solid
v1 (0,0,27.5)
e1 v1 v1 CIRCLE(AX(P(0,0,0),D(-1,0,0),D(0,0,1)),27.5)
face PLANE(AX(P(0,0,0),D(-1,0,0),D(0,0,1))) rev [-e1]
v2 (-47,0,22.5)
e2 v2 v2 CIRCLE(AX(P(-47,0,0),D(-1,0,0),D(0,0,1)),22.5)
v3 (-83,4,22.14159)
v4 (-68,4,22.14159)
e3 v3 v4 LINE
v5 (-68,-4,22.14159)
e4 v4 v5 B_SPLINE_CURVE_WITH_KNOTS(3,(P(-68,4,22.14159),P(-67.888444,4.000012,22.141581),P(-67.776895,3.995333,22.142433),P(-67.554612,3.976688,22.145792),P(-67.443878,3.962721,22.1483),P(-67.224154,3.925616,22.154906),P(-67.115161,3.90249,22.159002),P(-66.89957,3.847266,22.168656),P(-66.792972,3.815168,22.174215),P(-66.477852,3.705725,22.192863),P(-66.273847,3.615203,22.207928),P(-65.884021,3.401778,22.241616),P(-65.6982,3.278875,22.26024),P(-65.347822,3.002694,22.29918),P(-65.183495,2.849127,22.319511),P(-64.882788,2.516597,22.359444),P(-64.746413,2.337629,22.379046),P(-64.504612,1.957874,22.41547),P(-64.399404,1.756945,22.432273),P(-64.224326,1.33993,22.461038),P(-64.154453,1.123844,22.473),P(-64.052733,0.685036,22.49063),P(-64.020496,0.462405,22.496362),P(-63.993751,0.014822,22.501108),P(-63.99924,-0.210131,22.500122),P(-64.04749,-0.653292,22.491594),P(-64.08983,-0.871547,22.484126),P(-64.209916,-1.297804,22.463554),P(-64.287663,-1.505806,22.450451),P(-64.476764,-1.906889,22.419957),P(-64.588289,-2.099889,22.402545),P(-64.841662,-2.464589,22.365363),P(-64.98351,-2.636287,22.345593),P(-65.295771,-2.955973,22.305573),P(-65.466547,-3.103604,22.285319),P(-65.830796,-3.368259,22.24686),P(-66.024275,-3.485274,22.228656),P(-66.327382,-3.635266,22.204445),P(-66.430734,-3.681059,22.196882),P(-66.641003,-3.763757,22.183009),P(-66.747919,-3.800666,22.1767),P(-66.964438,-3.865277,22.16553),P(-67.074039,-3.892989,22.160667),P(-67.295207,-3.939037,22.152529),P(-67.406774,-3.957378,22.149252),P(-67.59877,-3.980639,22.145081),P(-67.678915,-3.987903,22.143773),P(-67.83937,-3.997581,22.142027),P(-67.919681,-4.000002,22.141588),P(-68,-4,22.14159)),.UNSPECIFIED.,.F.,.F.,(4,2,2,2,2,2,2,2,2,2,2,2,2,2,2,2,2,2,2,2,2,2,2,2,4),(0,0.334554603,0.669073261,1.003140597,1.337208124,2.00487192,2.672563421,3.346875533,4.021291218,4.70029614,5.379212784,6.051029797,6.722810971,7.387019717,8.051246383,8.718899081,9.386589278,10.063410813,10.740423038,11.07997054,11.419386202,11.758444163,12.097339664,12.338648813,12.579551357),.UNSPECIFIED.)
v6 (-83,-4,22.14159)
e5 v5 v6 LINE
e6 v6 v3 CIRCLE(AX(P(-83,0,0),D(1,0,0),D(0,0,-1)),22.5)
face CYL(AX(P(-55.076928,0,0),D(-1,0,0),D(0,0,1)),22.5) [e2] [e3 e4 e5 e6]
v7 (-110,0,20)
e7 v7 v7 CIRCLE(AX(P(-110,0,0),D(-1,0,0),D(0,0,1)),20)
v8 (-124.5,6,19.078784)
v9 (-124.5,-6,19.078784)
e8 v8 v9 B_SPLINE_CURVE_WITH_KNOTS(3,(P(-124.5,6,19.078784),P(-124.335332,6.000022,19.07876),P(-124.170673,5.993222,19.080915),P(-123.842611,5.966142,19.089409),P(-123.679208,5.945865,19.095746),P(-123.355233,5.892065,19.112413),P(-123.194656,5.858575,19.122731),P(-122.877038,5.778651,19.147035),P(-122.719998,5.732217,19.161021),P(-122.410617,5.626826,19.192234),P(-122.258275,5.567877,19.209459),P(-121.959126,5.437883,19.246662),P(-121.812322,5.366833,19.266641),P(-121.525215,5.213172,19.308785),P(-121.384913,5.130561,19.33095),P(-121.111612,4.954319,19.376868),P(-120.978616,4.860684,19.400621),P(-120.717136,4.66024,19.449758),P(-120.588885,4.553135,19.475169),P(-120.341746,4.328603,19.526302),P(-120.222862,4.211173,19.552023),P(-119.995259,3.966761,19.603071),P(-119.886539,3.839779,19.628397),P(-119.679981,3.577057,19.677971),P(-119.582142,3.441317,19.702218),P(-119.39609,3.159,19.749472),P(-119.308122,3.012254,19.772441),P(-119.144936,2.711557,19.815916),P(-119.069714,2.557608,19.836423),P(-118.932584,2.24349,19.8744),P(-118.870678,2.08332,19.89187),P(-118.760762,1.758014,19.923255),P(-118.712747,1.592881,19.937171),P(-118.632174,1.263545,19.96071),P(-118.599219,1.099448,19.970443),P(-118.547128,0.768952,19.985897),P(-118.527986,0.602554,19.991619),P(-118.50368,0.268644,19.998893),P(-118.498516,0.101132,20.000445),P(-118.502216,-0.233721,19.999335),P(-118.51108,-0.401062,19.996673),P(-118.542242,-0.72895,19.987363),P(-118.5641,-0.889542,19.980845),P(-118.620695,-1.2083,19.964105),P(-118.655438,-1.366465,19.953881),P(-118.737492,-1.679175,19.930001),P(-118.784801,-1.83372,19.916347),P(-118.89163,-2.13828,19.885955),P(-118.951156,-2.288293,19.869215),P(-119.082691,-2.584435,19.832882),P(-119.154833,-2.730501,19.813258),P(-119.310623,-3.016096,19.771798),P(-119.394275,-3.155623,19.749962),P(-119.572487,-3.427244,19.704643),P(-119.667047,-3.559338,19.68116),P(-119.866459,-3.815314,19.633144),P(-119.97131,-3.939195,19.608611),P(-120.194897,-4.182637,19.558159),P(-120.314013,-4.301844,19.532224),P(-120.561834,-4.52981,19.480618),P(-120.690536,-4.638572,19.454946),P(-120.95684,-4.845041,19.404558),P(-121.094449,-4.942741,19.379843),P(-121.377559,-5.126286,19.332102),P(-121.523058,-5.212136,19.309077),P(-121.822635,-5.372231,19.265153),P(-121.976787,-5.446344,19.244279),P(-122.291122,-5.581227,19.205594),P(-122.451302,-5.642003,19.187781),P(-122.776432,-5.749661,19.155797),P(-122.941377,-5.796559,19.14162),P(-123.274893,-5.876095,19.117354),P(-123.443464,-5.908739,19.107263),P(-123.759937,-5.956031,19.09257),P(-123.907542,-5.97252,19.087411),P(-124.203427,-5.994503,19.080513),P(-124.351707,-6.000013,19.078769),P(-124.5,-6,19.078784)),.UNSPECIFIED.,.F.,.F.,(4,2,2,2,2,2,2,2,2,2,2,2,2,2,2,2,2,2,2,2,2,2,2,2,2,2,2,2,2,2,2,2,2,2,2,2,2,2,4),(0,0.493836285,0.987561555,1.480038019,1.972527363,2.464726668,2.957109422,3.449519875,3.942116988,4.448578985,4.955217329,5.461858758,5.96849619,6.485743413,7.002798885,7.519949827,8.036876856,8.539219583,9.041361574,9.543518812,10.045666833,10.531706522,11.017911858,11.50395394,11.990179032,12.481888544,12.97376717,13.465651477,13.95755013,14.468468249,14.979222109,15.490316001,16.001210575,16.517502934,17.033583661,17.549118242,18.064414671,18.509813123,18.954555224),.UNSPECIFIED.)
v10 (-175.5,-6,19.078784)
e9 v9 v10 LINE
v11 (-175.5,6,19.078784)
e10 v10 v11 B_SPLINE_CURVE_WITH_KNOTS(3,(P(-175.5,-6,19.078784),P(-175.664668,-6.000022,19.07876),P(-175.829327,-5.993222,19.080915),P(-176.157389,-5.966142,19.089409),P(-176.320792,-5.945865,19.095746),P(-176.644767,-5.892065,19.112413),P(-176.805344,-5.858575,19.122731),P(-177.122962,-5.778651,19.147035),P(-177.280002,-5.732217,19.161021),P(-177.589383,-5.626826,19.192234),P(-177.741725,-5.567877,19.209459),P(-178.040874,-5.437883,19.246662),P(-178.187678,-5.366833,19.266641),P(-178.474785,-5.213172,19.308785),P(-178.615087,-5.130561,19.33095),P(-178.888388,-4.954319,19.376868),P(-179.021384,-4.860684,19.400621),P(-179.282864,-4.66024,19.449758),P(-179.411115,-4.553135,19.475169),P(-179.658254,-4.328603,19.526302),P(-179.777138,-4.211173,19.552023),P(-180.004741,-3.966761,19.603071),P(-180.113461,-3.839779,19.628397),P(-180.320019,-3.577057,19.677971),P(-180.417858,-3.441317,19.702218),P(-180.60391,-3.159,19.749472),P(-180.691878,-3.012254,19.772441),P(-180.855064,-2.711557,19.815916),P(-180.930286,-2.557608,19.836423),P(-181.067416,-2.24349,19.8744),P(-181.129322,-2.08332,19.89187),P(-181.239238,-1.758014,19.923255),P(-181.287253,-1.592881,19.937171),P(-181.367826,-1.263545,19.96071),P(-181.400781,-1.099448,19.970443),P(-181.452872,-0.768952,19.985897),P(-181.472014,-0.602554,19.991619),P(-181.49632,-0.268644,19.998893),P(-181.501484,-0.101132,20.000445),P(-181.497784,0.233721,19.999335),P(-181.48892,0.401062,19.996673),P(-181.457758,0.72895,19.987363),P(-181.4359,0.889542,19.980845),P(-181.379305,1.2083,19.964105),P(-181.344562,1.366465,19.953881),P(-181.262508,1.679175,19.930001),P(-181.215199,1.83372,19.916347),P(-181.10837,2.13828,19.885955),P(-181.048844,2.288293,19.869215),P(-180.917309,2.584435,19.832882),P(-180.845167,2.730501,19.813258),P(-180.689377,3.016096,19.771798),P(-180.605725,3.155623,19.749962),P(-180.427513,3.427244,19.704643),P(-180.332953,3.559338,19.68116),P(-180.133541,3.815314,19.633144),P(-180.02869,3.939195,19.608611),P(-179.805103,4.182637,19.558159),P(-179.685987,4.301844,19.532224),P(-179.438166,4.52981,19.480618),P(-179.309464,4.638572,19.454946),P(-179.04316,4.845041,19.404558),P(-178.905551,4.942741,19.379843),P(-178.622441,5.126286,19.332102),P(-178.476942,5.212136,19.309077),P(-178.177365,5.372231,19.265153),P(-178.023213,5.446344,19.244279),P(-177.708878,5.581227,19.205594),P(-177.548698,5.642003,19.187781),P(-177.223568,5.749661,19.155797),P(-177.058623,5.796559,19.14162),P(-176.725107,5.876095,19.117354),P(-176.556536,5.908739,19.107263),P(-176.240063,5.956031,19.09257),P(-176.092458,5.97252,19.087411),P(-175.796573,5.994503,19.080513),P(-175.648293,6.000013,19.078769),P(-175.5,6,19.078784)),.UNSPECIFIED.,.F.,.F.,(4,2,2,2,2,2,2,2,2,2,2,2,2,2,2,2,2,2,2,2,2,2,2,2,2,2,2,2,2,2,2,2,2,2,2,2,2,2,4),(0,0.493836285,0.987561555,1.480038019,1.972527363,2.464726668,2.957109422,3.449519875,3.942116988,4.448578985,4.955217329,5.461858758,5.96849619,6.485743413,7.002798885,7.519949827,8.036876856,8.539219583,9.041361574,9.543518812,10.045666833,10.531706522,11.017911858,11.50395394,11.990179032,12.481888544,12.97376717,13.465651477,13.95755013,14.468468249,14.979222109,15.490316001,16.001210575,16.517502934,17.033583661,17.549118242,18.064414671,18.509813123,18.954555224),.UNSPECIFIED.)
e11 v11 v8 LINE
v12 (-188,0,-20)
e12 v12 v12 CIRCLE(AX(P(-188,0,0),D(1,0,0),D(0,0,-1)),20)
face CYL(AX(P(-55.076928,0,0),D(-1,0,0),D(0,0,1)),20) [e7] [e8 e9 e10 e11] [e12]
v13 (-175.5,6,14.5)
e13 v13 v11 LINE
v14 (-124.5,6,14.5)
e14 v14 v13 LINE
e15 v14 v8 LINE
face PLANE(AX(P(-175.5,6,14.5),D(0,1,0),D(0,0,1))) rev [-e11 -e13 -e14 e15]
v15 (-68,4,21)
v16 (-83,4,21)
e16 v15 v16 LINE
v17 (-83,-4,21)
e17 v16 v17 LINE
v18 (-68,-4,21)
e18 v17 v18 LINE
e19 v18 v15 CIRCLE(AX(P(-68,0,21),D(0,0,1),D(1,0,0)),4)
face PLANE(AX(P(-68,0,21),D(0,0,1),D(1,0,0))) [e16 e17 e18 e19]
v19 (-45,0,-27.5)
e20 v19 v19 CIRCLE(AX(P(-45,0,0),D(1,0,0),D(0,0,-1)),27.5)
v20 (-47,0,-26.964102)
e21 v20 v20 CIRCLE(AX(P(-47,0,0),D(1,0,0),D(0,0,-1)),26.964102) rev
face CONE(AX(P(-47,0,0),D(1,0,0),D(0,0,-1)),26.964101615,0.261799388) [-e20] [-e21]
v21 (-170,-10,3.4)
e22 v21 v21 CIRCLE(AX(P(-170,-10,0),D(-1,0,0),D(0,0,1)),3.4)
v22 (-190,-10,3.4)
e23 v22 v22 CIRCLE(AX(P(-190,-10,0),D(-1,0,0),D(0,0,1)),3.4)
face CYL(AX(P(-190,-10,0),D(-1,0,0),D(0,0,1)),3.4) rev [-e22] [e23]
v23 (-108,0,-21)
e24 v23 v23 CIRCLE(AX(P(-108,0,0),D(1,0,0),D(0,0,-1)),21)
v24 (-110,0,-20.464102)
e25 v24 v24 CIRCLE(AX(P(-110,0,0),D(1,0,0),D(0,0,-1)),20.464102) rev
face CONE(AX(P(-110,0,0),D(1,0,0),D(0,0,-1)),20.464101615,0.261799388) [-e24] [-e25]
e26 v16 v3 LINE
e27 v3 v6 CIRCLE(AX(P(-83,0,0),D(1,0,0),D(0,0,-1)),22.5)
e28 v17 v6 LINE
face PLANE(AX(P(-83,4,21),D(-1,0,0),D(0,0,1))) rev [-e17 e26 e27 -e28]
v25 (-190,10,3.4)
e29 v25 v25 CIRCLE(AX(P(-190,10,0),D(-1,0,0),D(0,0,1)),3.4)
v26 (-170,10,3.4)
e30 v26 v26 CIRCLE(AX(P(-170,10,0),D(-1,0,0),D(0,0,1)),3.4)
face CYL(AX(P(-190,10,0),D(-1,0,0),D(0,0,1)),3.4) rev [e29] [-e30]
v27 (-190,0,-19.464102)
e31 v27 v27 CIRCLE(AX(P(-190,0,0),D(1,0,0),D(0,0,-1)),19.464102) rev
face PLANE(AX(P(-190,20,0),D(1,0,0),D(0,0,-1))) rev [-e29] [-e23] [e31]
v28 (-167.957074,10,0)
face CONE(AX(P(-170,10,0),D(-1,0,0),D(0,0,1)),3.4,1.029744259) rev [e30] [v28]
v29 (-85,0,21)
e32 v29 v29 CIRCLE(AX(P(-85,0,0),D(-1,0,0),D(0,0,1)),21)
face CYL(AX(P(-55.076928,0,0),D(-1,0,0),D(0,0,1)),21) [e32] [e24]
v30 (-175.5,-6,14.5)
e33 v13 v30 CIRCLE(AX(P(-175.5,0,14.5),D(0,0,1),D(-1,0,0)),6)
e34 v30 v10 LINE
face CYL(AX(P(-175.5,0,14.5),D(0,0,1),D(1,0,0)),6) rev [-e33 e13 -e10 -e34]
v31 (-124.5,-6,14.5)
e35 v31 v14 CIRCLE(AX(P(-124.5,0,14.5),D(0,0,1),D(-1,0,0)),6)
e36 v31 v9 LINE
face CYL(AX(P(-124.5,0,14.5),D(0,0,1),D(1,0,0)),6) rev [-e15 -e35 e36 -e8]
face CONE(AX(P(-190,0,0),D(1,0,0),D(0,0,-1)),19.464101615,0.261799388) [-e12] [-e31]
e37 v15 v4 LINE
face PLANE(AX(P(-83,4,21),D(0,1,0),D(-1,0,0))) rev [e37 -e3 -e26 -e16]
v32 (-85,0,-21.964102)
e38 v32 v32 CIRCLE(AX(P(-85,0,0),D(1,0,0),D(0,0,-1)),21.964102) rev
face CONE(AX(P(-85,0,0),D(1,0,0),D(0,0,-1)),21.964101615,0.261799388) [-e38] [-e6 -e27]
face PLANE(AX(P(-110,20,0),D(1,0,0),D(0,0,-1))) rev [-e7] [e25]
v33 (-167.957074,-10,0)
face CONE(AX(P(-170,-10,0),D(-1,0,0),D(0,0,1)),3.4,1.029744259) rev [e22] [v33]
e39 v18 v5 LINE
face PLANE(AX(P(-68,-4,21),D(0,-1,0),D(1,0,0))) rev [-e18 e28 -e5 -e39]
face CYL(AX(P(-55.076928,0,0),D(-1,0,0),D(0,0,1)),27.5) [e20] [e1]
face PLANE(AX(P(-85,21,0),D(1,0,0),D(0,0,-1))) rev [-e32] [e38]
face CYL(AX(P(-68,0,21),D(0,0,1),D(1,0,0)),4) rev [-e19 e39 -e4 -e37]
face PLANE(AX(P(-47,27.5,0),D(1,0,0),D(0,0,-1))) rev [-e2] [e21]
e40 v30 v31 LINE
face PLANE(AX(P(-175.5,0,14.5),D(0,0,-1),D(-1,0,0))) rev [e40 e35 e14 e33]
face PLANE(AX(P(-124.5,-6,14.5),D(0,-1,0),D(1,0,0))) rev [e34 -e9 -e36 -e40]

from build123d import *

# Parameters (mm, degrees)
FASE1_SIZE                      = 2
FASE1_SIZE2                     = 0.535898385
FASE1_PART_2_SIZE               = 2
FASE1_PART_2_SIZE2              = 0.535898385
FASE1_PART_3_SIZE               = 2
FASE1_PART_3_SIZE2              = 0.535898385
SCHNITT_LINEAR_AUSTRAGEN1_DEPTH = 5.5
M8_GEWINDEBOHRUNG1_D            = 6.8
M8_GEWINDEBOHRUNG1_DEPTH        = 20
M8_GEWINDEBOHRUNG1_TIP          = 2.042926105
FASE2_SIZE                      = 2
FASE2_SIZE2                     = 0.535898385
SCHNITT_LINEAR_AUSTRAGEN2_DEPTH = 1.5


with BuildPart() as part:
    # Skizze1 → Rotation1 (revolve)
    with BuildSketch(Plane.XY, mode=Mode.PRIVATE) as rotation1_sk:
        Polygon((-85, 22.5), (-70, 22.5), (-47, 22.5), (-47, 27.5), (0, 27.5), (0, 0), (-190, 0), (-190, 20), (-110, 20), (-110, 21), (-85, 21), align=None)
    revolve(rotation1_sk.sketch.rotate(Axis((-55.076928245, 0, 0), (1, 0, 0)), 90), axis=Axis((-55.076928245, 0, 0), (1, 0, 0)))  # turned: the seam where the file's is

    # Fase1
    fase1_edges = [part.edges().sort_by_distance(p)[0] for p in [
        (-47, 0, -27.5),
    ]]
    fase1_side = [part.faces().sort_by_distance(p)[0] for p in [
        (-23.5, 0, -27.5),
    ]]
    chamfer(fase1_edges, length=FASE1_SIZE, length2=FASE1_SIZE2, reference=fase1_side[0])

    # Fase1 part 2
    fase1_part_2_edges = [part.edges().sort_by_distance(p)[0] for p in [
        (-85, 0, -22.5),
    ]]
    fase1_part_2_side = [part.faces().sort_by_distance(p)[0] for p in [
        (-66, 0, -22.5),
    ]]
    chamfer(fase1_part_2_edges, length=FASE1_PART_2_SIZE, length2=FASE1_PART_2_SIZE2, reference=fase1_part_2_side[0])

    # Fase1 part 3
    fase1_part_3_edges = [part.edges().sort_by_distance(p)[0] for p in [
        (-110, 0, -21),
    ]]
    fase1_part_3_side = [part.faces().sort_by_distance(p)[0] for p in [
        (-97.5, 0, -21),
    ]]
    chamfer(fase1_part_3_edges, length=FASE1_PART_3_SIZE, length2=FASE1_PART_3_SIZE2, reference=fase1_part_3_side[0])

    # Skizze2 → Schnitt-Linear austragen1 (cut)
    with BuildSketch(Plane.XY.offset(20)):
        with BuildLine():
            Line((-175.5, 6), (-124.5, 6))
            ThreePointArc((-124.5, 6), (-118.5, 0), (-124.5, -6))
            Line((-124.5, -6), (-175.5, -6))
            ThreePointArc((-175.5, -6), (-181.5, 0), (-175.5, 6))
        make_face()
    extrude(amount=-SCHNITT_LINEAR_AUSTRAGEN1_DEPTH, mode=Mode.SUBTRACT)

    # M8 Gewindebohrung1
    with Locations(Plane.ZY.offset(190)):
        with Locations((0, 10), (0, -10)):
            Hole(M8_GEWINDEBOHRUNG1_D / 2, depth=M8_GEWINDEBOHRUNG1_DEPTH)
            with Locations((0, 0, -(M8_GEWINDEBOHRUNG1_DEPTH + M8_GEWINDEBOHRUNG1_TIP / 2))):  # 118° drill point
                Cone(0, M8_GEWINDEBOHRUNG1_D / 2, M8_GEWINDEBOHRUNG1_TIP, mode=Mode.SUBTRACT)

    # Fase2
    fase2_edges = [part.edges().sort_by_distance(p)[0] for p in [
        (-190, 0, -20),
    ]]
    fase2_side = [part.faces().sort_by_distance(p)[0] for p in [
        (-150, 0, -20),
    ]]
    chamfer(fase2_edges, length=FASE2_SIZE, length2=FASE2_SIZE2, reference=fase2_side[0])

    # Skizze8 → Schnitt-Linear austragen2 (cut)
    with BuildSketch(Plane.XY.offset(22.5)):
        with BuildLine():
            Line((-83, 4), (-68, 4))
            ThreePointArc((-68, 4), (-64, 0), (-68, -4))
            Line((-68, -4), (-83, -4))
            Line((-83, -4), (-83, 4))
        make_face()
    extrude(amount=-SCHNITT_LINEAR_AUSTRAGEN2_DEPTH, mode=Mode.SUBTRACT)


solid = part.part
